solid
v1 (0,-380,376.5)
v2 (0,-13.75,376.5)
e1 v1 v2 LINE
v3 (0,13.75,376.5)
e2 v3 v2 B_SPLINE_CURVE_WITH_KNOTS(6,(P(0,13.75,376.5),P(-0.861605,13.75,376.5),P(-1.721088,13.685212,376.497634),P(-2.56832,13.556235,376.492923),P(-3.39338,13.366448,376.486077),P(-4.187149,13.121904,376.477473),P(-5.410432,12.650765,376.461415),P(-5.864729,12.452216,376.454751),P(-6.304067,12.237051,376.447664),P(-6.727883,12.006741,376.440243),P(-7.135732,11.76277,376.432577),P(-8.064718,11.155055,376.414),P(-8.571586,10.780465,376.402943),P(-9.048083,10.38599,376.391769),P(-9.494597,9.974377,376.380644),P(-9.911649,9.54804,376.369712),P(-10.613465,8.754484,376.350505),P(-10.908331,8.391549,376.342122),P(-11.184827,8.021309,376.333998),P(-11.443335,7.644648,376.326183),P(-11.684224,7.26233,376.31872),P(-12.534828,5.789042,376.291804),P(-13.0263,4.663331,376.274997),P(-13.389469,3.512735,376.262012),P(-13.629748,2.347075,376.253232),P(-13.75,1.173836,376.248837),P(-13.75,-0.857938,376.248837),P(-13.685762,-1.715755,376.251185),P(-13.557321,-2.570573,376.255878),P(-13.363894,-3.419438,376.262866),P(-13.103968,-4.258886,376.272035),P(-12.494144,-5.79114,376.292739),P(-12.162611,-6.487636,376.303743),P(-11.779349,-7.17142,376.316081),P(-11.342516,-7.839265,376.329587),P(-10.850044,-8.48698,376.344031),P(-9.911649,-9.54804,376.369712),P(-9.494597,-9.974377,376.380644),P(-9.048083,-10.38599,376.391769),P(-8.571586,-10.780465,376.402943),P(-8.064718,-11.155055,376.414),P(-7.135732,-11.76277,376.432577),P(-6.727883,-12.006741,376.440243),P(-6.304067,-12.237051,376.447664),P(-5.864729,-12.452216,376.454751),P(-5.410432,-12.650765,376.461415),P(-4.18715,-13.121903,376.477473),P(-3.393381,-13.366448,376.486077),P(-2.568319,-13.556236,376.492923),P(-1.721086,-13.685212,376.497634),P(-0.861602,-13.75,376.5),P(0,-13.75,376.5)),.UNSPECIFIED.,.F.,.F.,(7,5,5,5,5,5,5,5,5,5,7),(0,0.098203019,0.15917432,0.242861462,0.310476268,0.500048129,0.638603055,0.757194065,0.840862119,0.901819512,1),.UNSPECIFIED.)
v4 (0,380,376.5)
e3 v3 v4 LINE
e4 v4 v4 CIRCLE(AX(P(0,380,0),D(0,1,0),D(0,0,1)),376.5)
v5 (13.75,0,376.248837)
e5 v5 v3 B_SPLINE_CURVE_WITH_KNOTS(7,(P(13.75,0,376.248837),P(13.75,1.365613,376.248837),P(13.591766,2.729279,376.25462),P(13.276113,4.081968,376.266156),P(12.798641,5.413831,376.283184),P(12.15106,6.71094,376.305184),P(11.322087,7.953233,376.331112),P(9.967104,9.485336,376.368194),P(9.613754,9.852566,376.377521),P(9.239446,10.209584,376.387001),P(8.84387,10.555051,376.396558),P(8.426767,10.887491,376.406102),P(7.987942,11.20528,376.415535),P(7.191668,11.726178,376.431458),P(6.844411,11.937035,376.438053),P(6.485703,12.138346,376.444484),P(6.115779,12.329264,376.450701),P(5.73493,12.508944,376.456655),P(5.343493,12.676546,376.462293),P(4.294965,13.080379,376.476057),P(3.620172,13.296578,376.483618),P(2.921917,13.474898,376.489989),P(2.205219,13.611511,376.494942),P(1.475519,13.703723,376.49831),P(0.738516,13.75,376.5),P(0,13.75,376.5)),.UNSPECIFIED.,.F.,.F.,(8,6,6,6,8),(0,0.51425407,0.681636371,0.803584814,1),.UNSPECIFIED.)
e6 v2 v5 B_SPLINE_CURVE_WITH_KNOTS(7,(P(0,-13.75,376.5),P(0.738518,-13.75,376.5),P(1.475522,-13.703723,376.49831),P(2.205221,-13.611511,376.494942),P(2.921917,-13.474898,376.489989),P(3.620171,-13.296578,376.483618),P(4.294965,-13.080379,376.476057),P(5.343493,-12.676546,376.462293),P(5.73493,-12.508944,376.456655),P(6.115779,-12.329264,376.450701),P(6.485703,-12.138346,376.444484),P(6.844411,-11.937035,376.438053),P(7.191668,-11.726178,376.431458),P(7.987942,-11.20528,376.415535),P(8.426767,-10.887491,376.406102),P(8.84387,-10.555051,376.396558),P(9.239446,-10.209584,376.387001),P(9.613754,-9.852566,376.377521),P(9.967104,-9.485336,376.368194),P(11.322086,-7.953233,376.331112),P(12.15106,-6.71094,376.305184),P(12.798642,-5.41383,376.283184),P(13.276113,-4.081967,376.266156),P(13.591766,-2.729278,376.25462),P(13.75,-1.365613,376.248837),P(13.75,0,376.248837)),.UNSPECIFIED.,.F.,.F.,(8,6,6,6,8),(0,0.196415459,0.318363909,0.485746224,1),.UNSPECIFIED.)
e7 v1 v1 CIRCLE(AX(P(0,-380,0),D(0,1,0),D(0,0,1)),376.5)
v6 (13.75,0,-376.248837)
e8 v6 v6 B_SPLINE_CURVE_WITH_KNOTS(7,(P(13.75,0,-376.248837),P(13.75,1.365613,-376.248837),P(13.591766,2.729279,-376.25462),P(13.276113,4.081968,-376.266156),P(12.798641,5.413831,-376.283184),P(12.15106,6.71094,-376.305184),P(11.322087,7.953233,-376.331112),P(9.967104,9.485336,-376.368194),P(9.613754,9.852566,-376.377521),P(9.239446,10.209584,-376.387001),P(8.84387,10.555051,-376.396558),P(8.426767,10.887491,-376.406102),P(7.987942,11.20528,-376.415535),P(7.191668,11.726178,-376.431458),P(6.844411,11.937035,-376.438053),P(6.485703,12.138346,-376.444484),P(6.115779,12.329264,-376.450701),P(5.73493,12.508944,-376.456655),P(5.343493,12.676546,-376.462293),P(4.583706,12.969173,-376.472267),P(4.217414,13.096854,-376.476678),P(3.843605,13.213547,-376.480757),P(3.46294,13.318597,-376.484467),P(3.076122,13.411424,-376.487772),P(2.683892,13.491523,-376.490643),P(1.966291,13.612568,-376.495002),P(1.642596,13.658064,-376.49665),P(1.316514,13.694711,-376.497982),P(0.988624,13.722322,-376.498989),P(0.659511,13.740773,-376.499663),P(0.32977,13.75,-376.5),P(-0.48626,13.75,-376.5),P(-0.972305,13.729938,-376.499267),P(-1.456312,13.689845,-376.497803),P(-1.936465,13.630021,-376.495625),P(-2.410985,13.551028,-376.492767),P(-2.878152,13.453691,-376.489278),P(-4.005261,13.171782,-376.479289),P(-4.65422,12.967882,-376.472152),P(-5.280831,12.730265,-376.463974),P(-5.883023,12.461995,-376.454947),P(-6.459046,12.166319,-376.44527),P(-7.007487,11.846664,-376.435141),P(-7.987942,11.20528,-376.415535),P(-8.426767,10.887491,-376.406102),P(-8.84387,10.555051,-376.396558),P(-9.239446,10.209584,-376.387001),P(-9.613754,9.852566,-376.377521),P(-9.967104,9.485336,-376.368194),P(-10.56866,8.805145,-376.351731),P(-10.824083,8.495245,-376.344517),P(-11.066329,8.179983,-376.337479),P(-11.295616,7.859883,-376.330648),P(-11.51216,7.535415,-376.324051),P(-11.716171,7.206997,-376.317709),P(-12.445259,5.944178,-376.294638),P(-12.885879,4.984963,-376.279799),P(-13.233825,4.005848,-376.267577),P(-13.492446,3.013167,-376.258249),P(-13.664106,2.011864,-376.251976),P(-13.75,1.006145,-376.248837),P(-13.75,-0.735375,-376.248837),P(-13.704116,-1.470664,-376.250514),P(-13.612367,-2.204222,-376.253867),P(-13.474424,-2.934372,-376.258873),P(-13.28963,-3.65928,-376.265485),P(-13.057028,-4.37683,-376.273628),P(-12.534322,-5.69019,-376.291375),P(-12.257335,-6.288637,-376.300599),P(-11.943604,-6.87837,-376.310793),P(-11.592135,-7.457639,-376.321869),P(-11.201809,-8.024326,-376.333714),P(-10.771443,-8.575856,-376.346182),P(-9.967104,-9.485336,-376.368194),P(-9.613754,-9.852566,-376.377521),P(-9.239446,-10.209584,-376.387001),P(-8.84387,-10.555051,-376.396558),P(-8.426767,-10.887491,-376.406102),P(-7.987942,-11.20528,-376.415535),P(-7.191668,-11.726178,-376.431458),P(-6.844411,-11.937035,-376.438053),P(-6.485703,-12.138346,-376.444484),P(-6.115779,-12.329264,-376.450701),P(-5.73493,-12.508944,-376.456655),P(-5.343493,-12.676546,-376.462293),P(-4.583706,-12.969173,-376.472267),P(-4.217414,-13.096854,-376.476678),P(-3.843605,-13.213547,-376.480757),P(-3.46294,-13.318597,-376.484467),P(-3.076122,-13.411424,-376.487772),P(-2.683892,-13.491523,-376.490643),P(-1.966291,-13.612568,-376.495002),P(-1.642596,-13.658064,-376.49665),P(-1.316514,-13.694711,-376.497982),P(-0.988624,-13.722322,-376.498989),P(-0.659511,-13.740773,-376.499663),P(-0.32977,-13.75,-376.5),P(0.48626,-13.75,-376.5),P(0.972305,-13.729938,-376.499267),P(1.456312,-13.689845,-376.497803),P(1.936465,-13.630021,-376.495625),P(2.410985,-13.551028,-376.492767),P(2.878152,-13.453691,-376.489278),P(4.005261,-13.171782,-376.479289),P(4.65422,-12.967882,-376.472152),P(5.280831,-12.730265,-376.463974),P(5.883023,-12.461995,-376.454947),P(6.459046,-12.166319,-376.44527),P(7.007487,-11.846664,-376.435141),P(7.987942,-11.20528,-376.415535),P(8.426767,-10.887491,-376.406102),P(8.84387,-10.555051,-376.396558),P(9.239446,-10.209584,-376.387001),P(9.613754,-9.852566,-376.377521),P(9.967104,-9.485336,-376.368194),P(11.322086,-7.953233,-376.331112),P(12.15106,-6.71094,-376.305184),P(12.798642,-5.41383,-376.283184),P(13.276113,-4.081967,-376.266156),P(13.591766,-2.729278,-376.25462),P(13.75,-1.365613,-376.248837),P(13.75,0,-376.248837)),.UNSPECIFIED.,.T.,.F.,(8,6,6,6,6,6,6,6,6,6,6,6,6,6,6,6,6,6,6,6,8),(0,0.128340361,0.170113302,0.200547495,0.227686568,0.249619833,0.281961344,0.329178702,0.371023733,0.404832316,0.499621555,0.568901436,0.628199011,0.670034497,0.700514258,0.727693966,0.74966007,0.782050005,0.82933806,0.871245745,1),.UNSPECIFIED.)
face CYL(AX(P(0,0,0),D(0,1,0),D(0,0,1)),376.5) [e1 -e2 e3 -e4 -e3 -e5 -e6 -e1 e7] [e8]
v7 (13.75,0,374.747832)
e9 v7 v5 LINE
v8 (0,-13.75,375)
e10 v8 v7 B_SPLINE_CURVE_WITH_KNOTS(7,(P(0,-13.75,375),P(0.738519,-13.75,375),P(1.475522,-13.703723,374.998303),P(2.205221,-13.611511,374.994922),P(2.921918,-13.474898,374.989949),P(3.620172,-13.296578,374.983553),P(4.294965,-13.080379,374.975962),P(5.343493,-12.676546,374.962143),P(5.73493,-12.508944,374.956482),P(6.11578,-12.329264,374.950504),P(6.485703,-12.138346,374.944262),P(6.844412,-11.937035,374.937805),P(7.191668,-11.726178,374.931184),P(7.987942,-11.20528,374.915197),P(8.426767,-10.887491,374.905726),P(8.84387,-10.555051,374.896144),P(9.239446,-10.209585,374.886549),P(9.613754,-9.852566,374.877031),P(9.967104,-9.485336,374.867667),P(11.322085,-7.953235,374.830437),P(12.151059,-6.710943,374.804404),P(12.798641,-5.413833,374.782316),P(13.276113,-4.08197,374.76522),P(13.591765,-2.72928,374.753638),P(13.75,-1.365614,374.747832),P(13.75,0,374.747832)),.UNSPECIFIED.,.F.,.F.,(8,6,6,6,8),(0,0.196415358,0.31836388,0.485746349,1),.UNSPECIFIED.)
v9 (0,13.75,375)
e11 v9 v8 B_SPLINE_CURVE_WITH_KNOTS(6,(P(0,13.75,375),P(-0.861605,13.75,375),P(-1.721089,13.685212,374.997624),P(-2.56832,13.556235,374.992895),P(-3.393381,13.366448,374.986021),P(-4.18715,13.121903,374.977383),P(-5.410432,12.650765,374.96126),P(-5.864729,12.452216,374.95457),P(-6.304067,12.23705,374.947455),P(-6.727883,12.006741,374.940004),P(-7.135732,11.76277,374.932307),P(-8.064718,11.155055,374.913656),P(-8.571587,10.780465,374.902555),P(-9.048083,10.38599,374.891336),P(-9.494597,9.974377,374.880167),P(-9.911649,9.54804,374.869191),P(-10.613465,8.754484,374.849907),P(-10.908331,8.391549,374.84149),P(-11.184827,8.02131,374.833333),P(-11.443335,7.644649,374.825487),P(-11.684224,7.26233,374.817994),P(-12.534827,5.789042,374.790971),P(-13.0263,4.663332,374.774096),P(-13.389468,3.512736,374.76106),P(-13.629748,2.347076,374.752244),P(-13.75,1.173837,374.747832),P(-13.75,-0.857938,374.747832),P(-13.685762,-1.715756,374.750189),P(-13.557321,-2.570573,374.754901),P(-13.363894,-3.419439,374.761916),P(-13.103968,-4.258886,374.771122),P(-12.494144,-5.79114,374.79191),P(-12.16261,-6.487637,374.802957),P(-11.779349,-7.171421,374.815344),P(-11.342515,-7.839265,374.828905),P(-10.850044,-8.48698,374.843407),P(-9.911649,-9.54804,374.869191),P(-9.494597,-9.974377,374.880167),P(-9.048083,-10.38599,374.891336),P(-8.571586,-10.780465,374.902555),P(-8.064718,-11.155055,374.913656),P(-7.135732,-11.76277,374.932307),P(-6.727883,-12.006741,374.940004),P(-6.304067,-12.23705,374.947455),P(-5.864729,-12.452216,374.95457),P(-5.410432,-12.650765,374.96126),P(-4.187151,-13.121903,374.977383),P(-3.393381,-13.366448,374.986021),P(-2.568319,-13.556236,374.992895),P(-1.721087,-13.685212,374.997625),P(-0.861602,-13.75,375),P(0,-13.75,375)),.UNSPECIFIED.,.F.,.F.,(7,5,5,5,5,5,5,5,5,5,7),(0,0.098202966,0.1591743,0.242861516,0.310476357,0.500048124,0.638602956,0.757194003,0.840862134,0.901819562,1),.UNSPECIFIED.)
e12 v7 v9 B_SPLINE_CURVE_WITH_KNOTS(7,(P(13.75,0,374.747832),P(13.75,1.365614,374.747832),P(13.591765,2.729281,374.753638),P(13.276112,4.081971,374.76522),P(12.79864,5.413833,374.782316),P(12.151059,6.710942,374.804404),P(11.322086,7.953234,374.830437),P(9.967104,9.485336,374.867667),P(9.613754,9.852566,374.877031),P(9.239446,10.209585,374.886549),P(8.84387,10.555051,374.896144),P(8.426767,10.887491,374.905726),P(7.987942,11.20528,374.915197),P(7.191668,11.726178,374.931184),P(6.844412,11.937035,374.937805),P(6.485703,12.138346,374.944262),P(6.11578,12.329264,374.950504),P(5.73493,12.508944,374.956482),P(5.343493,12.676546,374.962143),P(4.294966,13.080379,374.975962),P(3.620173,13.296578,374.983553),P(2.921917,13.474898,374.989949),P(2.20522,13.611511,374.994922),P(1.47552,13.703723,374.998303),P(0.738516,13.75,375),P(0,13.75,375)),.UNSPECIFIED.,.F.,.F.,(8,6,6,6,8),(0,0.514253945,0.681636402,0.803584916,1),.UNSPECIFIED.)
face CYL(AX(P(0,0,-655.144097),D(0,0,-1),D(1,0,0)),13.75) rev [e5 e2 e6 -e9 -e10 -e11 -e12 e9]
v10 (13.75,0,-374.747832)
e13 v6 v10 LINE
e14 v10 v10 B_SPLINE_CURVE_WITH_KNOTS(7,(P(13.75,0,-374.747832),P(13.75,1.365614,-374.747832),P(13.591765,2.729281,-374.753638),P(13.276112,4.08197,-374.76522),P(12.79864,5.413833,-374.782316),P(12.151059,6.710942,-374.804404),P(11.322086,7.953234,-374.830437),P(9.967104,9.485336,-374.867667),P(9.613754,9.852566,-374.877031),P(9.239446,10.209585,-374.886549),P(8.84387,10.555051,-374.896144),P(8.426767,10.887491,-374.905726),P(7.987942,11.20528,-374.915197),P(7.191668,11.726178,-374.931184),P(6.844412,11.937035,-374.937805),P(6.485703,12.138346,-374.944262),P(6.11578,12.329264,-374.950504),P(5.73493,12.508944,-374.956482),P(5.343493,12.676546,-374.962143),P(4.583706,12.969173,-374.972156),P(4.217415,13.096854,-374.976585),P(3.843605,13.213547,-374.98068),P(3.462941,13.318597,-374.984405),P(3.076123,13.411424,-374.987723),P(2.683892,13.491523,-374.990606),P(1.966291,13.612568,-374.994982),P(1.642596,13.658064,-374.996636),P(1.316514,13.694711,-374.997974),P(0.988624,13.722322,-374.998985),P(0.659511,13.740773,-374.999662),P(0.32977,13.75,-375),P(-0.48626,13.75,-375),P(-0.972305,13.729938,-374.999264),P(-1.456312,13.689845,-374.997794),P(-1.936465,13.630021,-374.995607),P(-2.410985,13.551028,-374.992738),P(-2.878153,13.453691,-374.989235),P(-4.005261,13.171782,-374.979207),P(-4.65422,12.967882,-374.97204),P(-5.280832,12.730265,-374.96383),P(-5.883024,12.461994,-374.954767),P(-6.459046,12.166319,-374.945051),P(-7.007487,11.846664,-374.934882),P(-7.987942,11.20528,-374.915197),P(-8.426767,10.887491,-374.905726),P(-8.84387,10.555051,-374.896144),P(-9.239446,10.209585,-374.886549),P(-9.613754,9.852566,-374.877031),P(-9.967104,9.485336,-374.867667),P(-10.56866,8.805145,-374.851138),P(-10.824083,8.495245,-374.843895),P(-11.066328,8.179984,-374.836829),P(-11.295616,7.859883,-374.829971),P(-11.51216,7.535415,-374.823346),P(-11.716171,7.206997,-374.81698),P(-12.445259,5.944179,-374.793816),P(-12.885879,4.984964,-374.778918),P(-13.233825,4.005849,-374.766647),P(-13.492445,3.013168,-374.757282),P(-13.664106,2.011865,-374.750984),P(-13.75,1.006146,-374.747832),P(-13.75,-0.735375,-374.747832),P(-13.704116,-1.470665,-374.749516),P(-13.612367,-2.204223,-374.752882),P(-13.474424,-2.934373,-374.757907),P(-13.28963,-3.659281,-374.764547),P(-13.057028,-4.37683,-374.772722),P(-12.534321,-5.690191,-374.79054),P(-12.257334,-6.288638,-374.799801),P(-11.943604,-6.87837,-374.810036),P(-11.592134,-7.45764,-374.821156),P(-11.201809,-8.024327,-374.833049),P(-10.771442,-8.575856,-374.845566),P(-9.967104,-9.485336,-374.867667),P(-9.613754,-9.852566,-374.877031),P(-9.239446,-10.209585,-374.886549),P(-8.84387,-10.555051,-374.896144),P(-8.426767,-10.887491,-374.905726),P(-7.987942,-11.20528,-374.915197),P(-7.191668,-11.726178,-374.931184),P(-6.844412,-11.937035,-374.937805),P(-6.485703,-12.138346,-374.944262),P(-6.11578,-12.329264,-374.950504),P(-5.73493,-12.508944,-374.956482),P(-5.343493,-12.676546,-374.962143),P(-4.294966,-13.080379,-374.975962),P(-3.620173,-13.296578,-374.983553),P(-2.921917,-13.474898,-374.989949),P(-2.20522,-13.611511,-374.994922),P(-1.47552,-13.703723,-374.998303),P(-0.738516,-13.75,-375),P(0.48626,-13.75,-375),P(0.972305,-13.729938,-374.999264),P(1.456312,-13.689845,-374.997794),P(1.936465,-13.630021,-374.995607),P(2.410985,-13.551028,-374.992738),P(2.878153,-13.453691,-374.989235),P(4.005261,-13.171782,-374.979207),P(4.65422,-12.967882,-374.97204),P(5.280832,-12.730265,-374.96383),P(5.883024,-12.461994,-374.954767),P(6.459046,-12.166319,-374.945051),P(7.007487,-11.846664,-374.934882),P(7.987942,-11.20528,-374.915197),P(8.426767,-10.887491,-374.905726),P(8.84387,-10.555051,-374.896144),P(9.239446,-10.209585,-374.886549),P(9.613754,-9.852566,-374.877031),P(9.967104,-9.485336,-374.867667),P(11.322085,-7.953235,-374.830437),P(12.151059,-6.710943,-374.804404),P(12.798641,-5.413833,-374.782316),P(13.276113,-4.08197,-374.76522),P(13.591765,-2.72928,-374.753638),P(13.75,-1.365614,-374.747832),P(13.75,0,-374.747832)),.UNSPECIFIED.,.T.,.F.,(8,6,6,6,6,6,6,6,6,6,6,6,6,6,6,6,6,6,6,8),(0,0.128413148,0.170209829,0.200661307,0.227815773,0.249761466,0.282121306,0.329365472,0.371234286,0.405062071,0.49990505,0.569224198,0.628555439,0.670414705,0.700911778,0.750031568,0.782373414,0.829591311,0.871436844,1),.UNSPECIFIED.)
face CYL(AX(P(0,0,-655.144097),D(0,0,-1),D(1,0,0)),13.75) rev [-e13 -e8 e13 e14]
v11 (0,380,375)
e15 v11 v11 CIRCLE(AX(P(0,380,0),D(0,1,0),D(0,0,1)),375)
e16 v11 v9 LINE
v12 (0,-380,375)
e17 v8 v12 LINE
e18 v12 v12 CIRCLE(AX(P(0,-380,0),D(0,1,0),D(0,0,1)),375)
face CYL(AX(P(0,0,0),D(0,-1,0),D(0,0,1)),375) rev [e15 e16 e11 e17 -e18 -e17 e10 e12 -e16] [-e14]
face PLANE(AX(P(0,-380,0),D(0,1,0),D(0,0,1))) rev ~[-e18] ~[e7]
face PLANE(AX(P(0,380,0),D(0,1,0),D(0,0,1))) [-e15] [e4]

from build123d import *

# Parameters (mm, degrees)
SKETCH1_R               = 376.5
SKETCH1_R_2             = 375
BOSS_EXTRUDE1_DEPTH     = 380
CUT_EXTRUDE1_DEPTH      = 655.144097275
CUT_EXTRUDE1_DEPTH_BACK = 655.144097275
SKETCH2_R               = 13.75


with BuildPart() as part:
    # Sketch1 → Boss-Extrude1 (new, symmetric)
    with BuildSketch(Plane(origin=(0, 0, 0), x_dir=(1, 0, 0), z_dir=(0, 1, 0))):
        with Locations(Location((0, 0, 0), (0, 0, 270))):
            Circle(SKETCH1_R)
        with Locations(Location((0, 0, 0), (0, 0, 270))):
            Circle(SKETCH1_R_2, mode=Mode.SUBTRACT)
    extrude(amount=BOSS_EXTRUDE1_DEPTH, both=True)

    # Sketch2 → Cut-Extrude1 (cut, two sides: drawn at the far end of the back side and taken through both)
    with BuildSketch(Plane.XY.offset(-CUT_EXTRUDE1_DEPTH_BACK)):
        Circle(SKETCH2_R)
    extrude(amount=CUT_EXTRUDE1_DEPTH + CUT_EXTRUDE1_DEPTH_BACK, mode=Mode.SUBTRACT)


solid = part.part
